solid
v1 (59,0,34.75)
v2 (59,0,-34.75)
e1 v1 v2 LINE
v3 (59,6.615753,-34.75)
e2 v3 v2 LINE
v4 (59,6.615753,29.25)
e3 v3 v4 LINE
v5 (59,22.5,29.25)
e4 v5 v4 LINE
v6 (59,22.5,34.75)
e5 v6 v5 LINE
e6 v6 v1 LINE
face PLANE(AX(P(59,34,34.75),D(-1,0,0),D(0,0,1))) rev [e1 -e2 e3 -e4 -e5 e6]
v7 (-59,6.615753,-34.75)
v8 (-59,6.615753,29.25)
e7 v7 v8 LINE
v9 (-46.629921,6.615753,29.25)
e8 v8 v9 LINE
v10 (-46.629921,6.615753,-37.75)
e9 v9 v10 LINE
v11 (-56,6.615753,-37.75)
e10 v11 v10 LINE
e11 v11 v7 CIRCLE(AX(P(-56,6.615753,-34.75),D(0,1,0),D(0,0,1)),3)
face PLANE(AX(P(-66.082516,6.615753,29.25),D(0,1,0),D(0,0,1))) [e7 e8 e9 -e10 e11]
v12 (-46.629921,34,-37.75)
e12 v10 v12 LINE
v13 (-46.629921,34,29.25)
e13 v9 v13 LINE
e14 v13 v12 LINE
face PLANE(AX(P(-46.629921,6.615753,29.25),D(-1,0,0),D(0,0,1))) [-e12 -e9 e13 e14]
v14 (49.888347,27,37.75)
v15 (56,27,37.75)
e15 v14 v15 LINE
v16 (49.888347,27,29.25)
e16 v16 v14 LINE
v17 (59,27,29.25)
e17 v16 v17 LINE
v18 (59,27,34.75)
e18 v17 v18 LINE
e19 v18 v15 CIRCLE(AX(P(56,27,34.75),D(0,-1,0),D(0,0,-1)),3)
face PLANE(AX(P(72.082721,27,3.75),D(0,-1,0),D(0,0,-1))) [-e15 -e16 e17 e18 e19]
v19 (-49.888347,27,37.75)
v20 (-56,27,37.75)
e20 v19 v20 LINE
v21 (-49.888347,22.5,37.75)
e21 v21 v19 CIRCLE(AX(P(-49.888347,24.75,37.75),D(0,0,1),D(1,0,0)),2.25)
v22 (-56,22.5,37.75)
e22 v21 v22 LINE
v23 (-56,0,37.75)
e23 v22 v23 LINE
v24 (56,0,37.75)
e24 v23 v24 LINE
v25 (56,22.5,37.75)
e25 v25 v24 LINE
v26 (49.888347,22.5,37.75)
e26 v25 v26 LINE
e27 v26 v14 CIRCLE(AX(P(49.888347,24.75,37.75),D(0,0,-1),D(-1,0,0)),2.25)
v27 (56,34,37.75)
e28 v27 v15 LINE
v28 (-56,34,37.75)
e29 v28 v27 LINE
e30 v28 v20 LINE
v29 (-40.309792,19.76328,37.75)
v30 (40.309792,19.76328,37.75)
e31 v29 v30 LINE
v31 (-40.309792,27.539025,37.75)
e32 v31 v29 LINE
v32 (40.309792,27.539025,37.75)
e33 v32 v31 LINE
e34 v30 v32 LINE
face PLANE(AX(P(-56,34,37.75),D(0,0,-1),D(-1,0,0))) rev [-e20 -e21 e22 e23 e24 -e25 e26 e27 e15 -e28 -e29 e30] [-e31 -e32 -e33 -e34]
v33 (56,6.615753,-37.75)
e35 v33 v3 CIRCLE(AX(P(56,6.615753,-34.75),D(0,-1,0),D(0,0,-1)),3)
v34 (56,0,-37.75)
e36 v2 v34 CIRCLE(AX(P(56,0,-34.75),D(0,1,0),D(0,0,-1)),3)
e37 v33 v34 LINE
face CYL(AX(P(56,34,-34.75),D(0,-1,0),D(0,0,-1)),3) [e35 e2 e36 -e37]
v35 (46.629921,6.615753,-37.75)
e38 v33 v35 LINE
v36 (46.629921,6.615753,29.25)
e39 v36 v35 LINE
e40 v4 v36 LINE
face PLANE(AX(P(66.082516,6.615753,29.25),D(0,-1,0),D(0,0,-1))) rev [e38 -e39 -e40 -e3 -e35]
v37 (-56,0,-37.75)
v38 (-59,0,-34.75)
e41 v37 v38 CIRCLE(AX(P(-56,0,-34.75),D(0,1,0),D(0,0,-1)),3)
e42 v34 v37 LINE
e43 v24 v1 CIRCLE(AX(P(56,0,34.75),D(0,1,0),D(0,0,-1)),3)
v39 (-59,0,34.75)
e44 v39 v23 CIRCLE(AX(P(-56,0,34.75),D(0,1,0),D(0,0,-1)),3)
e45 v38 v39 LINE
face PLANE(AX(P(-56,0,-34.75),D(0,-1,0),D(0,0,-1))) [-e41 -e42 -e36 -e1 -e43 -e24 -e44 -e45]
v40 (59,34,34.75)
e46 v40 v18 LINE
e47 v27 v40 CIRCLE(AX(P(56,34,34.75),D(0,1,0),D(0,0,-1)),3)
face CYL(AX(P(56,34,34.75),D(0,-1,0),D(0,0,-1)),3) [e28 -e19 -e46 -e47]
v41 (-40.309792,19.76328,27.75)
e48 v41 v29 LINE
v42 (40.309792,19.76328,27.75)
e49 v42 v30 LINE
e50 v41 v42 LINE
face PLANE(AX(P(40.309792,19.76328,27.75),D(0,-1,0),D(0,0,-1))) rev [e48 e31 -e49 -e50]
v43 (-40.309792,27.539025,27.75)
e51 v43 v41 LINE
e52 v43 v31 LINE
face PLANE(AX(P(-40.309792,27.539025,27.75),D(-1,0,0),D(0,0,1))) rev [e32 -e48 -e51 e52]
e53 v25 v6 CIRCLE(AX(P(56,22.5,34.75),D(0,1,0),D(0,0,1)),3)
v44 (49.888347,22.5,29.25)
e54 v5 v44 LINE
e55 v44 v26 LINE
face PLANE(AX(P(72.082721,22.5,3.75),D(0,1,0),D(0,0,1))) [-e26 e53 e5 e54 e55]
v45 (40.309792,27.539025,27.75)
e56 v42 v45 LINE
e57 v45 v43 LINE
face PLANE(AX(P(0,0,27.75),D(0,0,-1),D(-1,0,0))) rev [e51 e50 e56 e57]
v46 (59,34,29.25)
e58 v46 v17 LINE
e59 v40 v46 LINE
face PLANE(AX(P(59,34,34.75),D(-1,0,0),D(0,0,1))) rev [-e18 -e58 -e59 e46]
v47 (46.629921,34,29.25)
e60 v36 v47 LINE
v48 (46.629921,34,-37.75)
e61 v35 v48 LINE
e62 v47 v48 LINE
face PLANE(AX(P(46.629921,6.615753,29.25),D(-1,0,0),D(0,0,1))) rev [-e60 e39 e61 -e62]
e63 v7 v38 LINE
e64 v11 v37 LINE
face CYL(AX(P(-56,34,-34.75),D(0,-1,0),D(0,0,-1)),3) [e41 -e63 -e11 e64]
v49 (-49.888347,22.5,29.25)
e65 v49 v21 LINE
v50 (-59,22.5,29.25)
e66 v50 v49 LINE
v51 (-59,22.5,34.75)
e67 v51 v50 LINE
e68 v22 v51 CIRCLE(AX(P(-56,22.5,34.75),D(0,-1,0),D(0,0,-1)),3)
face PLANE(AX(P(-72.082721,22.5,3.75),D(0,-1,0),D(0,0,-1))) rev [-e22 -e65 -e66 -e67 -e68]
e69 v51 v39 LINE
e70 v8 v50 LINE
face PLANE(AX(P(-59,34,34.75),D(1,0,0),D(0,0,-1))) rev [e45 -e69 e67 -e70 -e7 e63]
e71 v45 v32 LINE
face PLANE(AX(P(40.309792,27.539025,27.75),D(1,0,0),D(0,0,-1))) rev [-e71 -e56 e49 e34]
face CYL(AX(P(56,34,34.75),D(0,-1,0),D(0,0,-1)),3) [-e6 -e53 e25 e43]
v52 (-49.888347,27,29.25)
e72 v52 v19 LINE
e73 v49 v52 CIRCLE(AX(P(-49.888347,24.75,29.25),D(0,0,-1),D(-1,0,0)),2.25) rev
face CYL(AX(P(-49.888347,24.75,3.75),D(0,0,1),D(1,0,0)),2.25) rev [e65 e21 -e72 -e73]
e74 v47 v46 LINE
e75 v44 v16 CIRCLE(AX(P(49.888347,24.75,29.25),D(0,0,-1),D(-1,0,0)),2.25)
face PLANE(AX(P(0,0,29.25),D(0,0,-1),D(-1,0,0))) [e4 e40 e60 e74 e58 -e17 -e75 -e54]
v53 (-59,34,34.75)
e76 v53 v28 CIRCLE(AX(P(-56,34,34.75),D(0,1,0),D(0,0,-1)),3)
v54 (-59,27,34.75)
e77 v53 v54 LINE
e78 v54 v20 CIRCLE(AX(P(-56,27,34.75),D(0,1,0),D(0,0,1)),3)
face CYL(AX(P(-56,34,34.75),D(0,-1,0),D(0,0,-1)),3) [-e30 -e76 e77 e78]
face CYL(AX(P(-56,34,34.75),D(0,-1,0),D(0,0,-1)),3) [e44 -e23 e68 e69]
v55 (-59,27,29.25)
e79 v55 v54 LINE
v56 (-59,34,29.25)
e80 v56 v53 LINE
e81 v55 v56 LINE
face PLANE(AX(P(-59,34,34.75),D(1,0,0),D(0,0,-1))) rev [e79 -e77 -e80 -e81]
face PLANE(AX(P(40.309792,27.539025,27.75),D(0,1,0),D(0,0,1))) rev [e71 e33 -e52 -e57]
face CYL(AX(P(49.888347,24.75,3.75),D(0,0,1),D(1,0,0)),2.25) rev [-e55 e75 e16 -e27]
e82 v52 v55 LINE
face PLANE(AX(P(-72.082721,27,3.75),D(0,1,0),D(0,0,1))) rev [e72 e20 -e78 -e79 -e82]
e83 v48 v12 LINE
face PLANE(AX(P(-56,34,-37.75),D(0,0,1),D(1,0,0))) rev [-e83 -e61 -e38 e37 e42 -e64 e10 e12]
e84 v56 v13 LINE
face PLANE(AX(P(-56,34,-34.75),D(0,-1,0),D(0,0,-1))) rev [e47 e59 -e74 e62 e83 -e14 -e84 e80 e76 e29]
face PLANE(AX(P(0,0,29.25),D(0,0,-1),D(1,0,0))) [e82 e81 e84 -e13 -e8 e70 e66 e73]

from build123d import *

# Parameters (mm, degrees)
BOSS_EXTRUDE1_DEPTH = 34
CUT_EXTRUDE1_DEPTH  = 34
SKETCH3_W           = 19.452595801
SKETCH3_H           = 34.121613058
CUT_EXTRUDE2_DEPTH  = 67
SKETCH4_W           = 80.61958461
SKETCH4_H           = 7.775745443
CUT_EXTRUDE3_DEPTH  = 10


with BuildPart() as part:
    # Sketch1 → Boss-Extrude1 (new body)
    with BuildSketch(Plane(origin=(0, 0, 0), x_dir=(1, 0, 0), z_dir=(0, 1, 0))):
        with BuildLine():
            Line((-56, -37.75), (56, -37.75))
            ThreePointArc((56, -37.75), (58.121320344, -36.871320344), (59, -34.75))
            Line((59, -34.75), (59, 34.75))
            ThreePointArc((59, 34.75), (58.121320344, 36.871320344), (56, 37.75))
            Line((56, 37.75), (-56, 37.75))
            ThreePointArc((-56, 37.75), (-58.121320344, 36.871320344), (-59, 34.75))
            Line((-59, 34.75), (-59, -34.75))
            ThreePointArc((-59, -34.75), (-58.121320344, -36.871320344), (-56, -37.75))
        make_face()
    extrude(amount=BOSS_EXTRUDE1_DEPTH)

    # Sketch2 → Cut-Extrude1 (cut)
    with BuildSketch(Plane.XY.offset(37.75)):
        with BuildLine():
            Line((-72.082720781, 27), (-49.888346505, 27))
            ThreePointArc((-49.888346505, 27), (-47.638346505, 24.75), (-49.888346505, 22.5))
            Line((-49.888346505, 22.5), (-72.082720781, 22.5))
            ThreePointArc((-72.082720781, 22.5), (-74.332720781, 24.75), (-72.082720781, 27))
        make_face()
    cut_extrude1 = extrude(amount=-CUT_EXTRUDE1_DEPTH, mode=Mode.SUBTRACT)

    # Mirror1: Cut-Extrude1 across plane
    add(cut_extrude1.mirror(Plane(origin=(0, 0, 0), x_dir=(0, 0, 1), z_dir=(1, 0, 0))), mode=Mode.SUBTRACT)

    # Sketch3 → Cut-Extrude2 (cut)
    with BuildSketch(Plane(origin=(0, 0, -37.75), x_dir=(-1, 0, 0), z_dir=(0, 0, -1))):
        with Locations((-56.356218478, 23.676559333)):
            Rectangle(SKETCH3_W, SKETCH3_H)
    cut_extrude2 = extrude(amount=-CUT_EXTRUDE2_DEPTH, mode=Mode.SUBTRACT)

    # Mirror2: Cut-Extrude2 across plane
    add(cut_extrude2.mirror(Plane(origin=(0, 0, 0), x_dir=(0, 0, 1), z_dir=(1, 0, 0))), mode=Mode.SUBTRACT)

    # Sketch4 → Cut-Extrude3 (cut)
    with BuildSketch(Plane.XY.offset(37.75)):
        with Locations((0, 23.651152712)):
            Rectangle(SKETCH4_W, SKETCH4_H)
    extrude(amount=-CUT_EXTRUDE3_DEPTH, mode=Mode.SUBTRACT)


solid = part.part
